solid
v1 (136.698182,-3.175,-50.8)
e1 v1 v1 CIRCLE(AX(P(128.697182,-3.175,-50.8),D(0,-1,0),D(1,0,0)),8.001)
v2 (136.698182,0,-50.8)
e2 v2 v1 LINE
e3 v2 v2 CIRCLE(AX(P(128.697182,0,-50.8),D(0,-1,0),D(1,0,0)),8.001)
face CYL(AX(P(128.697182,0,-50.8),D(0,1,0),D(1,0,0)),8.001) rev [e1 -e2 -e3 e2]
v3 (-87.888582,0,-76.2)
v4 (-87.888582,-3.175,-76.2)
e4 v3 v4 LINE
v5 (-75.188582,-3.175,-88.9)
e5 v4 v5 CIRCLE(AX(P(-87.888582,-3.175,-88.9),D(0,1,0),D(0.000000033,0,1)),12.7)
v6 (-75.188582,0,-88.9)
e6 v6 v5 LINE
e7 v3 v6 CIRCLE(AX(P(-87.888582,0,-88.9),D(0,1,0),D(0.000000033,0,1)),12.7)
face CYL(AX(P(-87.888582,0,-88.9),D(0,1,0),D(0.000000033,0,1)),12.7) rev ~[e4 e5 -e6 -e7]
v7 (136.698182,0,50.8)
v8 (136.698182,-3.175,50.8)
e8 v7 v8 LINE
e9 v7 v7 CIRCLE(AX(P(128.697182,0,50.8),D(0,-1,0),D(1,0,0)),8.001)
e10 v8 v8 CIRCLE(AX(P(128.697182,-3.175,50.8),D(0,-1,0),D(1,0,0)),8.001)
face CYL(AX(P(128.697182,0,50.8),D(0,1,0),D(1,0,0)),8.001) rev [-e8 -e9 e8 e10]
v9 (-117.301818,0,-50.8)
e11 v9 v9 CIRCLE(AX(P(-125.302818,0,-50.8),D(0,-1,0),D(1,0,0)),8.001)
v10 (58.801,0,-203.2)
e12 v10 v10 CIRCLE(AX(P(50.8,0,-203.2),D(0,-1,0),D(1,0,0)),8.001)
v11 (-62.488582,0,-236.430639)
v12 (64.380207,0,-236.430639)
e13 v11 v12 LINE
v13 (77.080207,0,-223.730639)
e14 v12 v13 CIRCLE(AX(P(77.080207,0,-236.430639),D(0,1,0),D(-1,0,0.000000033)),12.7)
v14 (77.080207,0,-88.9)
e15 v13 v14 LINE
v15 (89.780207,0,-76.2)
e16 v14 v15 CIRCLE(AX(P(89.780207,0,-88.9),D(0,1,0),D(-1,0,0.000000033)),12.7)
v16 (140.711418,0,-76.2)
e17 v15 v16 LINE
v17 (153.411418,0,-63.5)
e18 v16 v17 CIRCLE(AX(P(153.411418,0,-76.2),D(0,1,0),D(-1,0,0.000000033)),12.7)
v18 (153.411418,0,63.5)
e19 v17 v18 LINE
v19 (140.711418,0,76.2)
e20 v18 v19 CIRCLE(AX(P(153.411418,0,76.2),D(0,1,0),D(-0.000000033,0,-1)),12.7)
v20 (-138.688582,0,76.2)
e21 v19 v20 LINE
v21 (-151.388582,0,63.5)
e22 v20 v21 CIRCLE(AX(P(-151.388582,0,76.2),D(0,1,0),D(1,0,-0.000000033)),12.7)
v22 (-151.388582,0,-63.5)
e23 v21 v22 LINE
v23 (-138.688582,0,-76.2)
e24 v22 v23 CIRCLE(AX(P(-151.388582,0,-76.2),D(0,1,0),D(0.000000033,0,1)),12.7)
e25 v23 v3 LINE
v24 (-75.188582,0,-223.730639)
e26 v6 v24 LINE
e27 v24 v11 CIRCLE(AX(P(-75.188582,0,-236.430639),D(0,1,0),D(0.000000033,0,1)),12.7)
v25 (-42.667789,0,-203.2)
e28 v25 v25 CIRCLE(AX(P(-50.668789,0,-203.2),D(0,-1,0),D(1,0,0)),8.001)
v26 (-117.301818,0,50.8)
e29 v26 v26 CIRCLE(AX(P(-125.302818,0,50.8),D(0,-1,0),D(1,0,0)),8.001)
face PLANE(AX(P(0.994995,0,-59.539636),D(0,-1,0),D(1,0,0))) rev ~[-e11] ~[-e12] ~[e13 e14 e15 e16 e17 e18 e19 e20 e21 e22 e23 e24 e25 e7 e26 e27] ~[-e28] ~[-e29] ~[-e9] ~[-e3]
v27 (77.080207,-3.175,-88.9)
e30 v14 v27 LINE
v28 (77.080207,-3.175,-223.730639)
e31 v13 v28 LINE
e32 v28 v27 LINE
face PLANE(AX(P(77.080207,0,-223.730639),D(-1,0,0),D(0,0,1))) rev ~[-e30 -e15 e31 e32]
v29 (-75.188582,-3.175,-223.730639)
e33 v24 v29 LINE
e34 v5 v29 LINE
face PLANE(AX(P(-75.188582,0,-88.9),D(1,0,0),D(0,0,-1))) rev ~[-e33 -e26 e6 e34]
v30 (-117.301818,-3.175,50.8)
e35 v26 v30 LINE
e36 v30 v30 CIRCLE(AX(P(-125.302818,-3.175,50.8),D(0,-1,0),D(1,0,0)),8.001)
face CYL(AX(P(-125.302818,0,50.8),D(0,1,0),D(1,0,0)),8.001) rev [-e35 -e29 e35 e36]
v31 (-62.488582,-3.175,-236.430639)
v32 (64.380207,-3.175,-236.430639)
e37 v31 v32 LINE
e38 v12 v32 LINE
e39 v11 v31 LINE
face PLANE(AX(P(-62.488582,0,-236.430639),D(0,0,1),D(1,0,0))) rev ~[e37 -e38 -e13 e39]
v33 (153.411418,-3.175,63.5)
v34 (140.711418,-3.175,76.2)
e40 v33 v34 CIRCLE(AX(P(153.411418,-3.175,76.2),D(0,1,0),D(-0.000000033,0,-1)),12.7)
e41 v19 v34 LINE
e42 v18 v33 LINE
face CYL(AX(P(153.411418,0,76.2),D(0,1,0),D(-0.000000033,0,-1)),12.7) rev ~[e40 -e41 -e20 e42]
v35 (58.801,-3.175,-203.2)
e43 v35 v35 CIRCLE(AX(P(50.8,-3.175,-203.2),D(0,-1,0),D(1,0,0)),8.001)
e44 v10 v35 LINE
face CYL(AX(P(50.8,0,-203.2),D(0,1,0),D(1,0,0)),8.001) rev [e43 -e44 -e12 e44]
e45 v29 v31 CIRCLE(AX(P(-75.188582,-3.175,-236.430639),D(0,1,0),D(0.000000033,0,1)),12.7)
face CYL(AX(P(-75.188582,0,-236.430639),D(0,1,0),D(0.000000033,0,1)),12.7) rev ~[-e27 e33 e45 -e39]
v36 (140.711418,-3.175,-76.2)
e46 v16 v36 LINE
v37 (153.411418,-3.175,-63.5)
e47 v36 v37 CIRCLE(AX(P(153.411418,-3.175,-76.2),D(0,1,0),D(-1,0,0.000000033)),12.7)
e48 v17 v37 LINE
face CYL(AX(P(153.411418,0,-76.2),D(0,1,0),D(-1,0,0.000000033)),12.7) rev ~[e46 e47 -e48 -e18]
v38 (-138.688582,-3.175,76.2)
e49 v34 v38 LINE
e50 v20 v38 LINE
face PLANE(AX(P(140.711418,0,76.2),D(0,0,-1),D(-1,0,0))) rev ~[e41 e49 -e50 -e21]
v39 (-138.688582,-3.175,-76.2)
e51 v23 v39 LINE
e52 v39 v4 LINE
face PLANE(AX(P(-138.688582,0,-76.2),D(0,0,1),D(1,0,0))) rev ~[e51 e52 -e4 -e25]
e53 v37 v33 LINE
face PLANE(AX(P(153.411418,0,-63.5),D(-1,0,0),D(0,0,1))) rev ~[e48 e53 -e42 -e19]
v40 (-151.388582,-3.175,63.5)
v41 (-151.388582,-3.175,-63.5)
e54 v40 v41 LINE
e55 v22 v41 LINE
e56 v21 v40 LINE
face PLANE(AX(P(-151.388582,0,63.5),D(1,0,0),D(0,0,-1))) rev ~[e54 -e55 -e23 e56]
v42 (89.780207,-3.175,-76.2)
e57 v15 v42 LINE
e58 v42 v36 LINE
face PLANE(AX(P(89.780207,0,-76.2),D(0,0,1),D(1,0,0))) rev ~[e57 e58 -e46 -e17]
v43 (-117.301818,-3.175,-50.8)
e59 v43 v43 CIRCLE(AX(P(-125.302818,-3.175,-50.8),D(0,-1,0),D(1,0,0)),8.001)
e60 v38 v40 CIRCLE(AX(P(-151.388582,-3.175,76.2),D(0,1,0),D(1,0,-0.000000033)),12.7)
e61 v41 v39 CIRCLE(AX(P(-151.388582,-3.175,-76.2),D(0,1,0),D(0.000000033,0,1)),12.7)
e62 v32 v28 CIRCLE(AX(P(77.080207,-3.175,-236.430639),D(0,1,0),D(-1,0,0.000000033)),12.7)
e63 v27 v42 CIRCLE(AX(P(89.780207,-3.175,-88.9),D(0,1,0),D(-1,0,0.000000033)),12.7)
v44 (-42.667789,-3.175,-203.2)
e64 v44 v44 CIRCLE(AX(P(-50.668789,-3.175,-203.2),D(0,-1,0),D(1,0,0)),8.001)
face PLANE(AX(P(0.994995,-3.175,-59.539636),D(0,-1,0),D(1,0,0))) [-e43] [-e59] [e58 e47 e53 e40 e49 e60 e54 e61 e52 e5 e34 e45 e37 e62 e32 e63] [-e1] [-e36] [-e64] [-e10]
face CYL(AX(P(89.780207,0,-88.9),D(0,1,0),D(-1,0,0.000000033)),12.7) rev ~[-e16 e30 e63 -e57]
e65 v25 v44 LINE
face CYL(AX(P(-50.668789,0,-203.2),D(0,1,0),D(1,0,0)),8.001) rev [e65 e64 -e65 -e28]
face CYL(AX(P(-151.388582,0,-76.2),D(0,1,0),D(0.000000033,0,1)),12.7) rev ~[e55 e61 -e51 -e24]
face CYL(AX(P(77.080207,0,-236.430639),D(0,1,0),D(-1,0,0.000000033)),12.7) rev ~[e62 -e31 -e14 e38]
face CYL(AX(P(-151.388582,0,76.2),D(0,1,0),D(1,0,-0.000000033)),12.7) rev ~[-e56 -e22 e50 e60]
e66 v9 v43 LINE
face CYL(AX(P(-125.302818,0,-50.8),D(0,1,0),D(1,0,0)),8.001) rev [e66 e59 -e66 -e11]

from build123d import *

# Parameters (mm, degrees)
F0_R     = 8.001
F1_DEPTH = 3.175


with BuildPart() as f1:
    # F0 (on Front) → F1 (new body)
    with BuildSketch(Plane.XZ):
        with BuildLine():
            ThreePointArc((153.411418, 63.5), (144.431162, 67.219744), (140.711418, 76.2))
            Line((140.711418, 76.2), (-138.688582, 76.2))
            ThreePointArc((-138.688582, 76.2), (-142.408326, 67.219744), (-151.388582, 63.5))
            Line((-151.388582, 63.5), (-151.388582, -63.5))
            ThreePointArc((-151.388582, -63.5), (-142.408326, -67.219744), (-138.688582, -76.2))
            Line((-138.688582, -76.2), (-87.888582, -76.2))
            ThreePointArc((-87.888582, -76.2), (-78.908326, -79.919744), (-75.188582, -88.9))
            Line((-75.188582, -88.9), (-75.188582, -223.730639))
            ThreePointArc((-75.188582, -223.730639), (-66.208326, -227.450383), (-62.488582, -236.430639))
            Line((-62.488582, -236.430639), (64.380207, -236.430639))
            ThreePointArc((64.380207, -236.430639), (68.099951, -227.450383), (77.080207, -223.730639))
            Line((77.080207, -223.730639), (77.080207, -88.9))
            ThreePointArc((77.080207, -88.9), (80.799951, -79.919744), (89.780207, -76.2))
            Line((89.780207, -76.2), (140.711418, -76.2))
            ThreePointArc((140.711418, -76.2), (144.431162, -67.219744), (153.411418, -63.5))
            Line((153.411418, -63.5), (153.411418, 63.5))
        make_face()
        with Locations((-50.668789, -203.2)):
            Circle(F0_R, mode=Mode.SUBTRACT)
        with Locations((50.8, -203.2)):
            Circle(F0_R, mode=Mode.SUBTRACT)
        with Locations((-125.302818, -50.8)):
            Circle(F0_R, mode=Mode.SUBTRACT)
        with Locations((-125.302818, 50.8)):
            Circle(F0_R, mode=Mode.SUBTRACT)
        with Locations((128.697182, -50.8)):
            Circle(F0_R, mode=Mode.SUBTRACT)
        with Locations((128.697182, 50.8)):
            Circle(F0_R, mode=Mode.SUBTRACT)
    extrude(amount=F1_DEPTH)


solid = f1.part
